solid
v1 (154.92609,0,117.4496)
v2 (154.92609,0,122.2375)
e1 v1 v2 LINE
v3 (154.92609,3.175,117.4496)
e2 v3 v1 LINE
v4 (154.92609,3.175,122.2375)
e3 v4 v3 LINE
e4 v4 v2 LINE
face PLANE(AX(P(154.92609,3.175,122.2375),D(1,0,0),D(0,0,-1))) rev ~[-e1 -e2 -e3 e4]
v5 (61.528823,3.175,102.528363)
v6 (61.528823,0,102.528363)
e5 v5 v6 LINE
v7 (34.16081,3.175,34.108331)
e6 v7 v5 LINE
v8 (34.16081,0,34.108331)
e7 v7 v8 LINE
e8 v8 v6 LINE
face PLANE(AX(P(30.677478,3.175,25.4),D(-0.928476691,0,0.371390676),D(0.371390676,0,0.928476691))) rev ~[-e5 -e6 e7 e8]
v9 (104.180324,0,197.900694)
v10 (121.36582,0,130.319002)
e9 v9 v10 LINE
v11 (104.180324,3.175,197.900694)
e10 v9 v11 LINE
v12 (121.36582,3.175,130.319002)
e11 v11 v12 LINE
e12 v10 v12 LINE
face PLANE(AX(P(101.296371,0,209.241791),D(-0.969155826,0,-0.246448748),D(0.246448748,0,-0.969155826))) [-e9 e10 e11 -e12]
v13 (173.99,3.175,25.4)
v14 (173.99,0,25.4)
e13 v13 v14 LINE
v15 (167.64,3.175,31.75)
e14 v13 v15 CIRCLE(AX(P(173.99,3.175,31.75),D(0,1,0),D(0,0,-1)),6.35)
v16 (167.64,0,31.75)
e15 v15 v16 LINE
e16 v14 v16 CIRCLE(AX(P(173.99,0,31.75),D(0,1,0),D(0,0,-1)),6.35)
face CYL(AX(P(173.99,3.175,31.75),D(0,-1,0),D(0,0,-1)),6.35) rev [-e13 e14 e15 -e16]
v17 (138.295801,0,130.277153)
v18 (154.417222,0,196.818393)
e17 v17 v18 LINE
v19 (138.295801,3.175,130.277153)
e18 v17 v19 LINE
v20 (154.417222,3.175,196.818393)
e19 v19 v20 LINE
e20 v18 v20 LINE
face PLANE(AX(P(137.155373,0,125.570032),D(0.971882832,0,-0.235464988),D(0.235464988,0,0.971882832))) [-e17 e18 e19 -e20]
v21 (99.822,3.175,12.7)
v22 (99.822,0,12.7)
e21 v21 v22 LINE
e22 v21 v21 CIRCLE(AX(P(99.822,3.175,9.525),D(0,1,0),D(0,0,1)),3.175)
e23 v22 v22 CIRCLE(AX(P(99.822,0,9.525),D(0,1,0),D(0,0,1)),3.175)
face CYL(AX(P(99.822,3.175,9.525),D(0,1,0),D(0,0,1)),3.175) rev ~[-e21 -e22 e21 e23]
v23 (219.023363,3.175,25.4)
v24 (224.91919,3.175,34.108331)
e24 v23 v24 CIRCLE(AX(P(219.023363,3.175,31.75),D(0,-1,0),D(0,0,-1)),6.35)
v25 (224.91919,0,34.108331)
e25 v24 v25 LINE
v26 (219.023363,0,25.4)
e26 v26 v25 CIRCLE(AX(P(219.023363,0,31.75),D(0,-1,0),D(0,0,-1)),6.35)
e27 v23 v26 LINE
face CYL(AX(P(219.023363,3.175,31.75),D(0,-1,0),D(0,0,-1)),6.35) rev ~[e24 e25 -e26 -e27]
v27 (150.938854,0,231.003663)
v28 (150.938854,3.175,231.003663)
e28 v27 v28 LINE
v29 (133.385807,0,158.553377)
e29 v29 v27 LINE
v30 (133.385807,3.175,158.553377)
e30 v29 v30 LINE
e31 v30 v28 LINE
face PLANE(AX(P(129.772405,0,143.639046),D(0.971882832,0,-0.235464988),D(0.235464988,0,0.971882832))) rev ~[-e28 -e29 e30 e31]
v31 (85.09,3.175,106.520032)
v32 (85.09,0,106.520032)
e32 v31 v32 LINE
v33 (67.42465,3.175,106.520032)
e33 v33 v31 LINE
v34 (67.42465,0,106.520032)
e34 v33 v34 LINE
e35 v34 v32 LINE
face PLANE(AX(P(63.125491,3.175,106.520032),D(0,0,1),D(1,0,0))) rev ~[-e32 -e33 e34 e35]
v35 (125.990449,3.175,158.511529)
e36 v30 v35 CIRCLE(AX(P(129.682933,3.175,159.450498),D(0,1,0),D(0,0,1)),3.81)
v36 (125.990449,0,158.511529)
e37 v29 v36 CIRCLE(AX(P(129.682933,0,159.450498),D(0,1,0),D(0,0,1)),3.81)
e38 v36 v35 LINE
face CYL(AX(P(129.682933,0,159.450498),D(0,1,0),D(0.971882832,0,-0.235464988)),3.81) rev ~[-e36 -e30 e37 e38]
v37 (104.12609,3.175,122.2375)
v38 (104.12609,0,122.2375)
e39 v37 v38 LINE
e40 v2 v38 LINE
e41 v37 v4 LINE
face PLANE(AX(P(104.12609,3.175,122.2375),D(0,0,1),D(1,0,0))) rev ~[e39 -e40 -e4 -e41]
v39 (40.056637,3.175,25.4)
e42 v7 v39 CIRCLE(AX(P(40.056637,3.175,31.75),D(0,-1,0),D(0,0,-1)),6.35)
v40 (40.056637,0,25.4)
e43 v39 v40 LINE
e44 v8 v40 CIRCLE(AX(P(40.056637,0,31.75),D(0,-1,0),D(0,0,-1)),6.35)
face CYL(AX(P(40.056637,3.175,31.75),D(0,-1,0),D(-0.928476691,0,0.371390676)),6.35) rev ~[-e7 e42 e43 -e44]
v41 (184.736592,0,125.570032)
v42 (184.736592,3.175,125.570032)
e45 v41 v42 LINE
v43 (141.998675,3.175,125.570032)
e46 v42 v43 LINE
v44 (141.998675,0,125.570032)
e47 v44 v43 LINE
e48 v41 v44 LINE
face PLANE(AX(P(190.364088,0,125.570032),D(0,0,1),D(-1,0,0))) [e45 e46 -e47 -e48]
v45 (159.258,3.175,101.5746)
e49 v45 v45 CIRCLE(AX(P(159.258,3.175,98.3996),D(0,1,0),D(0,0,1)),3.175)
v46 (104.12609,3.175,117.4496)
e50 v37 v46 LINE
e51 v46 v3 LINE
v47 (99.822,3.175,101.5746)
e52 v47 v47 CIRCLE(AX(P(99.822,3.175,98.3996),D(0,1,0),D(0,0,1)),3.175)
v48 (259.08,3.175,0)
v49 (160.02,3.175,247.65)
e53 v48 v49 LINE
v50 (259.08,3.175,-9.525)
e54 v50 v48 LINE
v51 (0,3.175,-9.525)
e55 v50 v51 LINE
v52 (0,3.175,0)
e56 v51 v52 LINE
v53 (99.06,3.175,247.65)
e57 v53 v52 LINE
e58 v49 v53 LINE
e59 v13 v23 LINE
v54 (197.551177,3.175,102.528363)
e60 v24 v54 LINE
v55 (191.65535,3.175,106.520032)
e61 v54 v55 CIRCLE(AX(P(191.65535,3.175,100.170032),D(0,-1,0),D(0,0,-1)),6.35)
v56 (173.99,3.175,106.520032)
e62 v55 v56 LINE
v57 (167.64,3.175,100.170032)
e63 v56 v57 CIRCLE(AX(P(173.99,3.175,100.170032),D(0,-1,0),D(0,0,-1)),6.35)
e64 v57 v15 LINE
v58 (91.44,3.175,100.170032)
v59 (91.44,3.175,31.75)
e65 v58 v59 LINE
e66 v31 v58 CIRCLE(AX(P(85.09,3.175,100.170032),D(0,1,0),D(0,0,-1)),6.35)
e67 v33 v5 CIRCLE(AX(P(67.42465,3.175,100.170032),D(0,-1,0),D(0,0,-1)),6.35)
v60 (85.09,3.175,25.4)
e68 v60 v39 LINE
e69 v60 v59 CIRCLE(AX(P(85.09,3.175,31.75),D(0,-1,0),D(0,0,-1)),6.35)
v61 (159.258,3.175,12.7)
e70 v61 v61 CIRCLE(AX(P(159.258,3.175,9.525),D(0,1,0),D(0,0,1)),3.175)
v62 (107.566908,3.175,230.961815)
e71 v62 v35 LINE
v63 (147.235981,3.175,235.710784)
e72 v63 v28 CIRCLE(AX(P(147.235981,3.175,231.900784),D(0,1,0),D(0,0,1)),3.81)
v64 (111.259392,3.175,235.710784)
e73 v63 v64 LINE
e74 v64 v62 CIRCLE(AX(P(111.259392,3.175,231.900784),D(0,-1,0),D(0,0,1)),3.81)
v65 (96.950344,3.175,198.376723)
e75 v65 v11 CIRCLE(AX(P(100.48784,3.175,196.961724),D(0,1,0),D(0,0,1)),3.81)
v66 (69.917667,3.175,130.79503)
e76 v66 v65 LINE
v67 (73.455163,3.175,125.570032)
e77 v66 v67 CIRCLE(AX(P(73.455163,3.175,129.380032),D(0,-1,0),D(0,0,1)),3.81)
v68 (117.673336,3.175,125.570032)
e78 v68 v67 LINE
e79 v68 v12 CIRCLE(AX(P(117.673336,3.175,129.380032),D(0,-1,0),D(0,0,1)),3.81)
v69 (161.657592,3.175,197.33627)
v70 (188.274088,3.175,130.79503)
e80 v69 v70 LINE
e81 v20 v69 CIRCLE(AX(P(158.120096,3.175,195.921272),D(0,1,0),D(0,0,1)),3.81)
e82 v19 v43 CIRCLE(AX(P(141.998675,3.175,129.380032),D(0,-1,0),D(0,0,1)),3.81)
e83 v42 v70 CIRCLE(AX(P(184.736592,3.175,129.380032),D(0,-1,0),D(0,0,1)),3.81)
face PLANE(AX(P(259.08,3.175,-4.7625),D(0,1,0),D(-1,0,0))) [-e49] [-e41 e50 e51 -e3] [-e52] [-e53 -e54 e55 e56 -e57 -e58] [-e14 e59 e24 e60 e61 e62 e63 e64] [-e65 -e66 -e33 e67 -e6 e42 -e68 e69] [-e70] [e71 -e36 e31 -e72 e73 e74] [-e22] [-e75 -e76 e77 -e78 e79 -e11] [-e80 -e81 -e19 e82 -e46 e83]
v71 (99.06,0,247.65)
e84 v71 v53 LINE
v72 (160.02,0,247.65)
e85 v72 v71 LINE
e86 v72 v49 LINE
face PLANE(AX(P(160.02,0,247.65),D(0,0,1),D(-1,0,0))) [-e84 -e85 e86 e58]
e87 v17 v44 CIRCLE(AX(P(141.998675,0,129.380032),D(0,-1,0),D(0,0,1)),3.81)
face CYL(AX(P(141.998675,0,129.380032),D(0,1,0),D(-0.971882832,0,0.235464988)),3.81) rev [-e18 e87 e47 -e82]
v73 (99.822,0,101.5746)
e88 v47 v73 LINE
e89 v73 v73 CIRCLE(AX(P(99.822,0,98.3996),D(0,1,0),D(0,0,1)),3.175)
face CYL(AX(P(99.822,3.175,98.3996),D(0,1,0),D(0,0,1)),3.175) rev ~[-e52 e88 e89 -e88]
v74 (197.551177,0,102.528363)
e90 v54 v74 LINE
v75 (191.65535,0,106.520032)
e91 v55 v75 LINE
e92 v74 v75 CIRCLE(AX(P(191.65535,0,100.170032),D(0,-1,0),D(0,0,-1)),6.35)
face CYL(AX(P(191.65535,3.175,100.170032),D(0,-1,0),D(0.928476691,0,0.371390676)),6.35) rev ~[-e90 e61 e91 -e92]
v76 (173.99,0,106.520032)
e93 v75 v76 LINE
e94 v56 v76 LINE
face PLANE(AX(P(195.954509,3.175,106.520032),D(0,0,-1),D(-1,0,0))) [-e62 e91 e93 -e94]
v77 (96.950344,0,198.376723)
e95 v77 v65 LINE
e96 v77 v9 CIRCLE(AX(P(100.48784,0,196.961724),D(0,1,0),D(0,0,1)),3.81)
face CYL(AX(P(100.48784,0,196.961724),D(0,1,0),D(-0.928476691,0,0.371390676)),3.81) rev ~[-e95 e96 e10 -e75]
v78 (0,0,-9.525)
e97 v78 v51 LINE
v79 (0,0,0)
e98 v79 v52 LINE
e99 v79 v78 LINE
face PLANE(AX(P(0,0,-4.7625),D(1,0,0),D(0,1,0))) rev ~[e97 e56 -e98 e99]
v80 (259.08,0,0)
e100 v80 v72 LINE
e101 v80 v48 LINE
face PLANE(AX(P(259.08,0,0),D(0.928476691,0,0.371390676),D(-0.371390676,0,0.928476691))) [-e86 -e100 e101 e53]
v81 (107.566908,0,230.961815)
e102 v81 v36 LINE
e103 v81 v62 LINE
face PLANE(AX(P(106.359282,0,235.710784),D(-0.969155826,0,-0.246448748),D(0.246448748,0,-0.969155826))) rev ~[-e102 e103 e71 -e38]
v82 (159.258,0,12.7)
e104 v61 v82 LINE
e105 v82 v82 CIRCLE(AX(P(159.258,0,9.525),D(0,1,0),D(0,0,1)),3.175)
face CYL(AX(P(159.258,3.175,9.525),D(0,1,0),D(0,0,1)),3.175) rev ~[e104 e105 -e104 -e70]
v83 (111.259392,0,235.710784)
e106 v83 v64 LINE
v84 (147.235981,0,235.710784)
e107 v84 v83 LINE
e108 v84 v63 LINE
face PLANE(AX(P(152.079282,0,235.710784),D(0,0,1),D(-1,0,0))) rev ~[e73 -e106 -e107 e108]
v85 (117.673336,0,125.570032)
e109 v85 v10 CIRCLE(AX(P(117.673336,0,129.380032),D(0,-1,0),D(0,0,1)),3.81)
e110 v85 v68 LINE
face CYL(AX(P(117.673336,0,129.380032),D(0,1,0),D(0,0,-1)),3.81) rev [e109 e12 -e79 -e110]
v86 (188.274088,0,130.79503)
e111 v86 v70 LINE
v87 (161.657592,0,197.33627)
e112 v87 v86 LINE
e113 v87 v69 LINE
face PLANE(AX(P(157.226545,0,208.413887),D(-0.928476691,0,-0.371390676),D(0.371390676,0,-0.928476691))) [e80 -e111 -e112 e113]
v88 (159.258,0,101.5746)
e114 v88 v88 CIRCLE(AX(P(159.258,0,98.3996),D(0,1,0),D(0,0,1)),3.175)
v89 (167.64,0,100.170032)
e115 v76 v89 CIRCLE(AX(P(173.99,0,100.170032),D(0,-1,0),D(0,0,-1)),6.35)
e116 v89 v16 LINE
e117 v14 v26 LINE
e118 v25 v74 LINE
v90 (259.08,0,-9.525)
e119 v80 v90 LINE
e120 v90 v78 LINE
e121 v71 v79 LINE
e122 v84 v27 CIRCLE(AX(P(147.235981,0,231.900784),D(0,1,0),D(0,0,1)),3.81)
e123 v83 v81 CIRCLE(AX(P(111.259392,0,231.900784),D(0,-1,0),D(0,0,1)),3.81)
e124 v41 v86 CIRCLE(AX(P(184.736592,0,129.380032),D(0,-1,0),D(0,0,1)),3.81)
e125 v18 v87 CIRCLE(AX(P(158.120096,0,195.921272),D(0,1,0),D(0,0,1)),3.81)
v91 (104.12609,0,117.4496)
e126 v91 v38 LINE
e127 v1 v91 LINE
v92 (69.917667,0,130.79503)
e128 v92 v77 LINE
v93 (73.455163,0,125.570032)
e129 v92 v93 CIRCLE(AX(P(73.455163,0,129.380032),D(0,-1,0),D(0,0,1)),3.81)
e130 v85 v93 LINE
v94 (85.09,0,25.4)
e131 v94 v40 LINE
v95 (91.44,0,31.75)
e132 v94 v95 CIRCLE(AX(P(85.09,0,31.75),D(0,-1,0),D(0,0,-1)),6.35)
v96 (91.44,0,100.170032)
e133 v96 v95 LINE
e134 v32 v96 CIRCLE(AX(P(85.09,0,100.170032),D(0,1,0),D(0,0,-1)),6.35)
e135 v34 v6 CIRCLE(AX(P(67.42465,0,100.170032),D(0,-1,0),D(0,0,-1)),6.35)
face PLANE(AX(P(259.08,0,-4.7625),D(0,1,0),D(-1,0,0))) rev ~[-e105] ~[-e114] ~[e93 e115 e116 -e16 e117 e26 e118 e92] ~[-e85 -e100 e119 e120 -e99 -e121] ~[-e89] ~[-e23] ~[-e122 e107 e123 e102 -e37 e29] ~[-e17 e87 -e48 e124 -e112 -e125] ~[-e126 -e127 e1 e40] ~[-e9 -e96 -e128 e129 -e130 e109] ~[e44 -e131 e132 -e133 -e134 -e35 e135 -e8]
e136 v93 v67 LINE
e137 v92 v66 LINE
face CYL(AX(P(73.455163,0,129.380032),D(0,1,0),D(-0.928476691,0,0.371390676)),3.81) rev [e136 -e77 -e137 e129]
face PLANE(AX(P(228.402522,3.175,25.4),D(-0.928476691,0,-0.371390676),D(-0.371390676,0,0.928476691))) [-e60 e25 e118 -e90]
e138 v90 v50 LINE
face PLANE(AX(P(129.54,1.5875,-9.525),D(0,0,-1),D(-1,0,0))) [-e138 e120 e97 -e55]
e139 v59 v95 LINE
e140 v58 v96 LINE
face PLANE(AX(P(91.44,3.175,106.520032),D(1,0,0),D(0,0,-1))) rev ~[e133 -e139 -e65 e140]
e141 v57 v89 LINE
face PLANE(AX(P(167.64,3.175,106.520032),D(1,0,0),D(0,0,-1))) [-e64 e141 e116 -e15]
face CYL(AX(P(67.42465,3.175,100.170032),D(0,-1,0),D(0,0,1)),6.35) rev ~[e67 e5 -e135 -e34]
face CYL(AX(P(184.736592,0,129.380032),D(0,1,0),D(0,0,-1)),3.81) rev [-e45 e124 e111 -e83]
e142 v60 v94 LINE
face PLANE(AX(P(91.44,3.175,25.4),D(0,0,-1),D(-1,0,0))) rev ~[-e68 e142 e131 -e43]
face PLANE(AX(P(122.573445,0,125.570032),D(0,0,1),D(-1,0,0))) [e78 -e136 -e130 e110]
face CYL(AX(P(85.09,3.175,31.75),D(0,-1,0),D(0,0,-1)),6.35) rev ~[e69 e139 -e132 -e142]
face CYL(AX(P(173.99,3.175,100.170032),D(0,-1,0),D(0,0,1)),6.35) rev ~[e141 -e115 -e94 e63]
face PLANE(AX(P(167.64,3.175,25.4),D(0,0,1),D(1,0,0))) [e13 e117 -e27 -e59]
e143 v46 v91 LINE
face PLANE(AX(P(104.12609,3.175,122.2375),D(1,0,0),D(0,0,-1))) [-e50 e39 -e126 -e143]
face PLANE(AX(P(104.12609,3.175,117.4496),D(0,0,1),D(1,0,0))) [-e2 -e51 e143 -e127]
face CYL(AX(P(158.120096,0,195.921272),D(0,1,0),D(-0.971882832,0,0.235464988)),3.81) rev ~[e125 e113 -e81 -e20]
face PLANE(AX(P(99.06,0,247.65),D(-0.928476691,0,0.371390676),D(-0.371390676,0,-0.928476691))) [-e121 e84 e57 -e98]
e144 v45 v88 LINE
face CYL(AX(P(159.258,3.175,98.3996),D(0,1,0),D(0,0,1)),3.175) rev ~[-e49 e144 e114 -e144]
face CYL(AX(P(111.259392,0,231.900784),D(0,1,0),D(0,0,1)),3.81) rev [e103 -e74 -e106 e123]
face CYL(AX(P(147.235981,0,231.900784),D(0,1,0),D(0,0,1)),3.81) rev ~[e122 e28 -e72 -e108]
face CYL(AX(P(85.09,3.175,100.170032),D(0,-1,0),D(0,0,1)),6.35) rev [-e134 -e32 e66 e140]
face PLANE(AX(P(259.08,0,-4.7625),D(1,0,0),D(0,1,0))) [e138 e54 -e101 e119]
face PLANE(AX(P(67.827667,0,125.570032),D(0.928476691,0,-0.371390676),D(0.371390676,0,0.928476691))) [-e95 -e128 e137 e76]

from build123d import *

# Parameters (mm, degrees)
BOSS_EXTRUDE1_DEPTH = 3.175
FILLET1_R           = 3.81
CUT_EXTRUDE1_DEPTH  = 3.175
FILLET2_R           = 6.35
SKETCH5_W           = 259.08
SKETCH5_H           = 3.175
BOSS_EXTRUDE2_DEPTH = 4.7625
CUT_EXTRUDE2_REACH  = 360.417
SKETCH6_W           = 50.8
SKETCH6_H           = 4.7879
SKETCH9_W           = 259.08
SKETCH9_H           = 3.175
BOSS_EXTRUDE3_DEPTH = 4.7625
SKETCH10_R          = 3.175
CUT_EXTRUDE4_DEPTH  = 359.417423579


with BuildPart() as part:
    # Sketch2 → Boss-Extrude1 (new body)
    with BuildSketch(Plane(origin=(0, 0, 0), x_dir=(1, 0, 0), z_dir=(0, 1, 0))):
        Polygon((0, 0), (259.08, 0), (160.02, -247.65), (99.06, -247.65), align=None)
        Polygon((152.079282437, -235.710784307), (106.359282437, -235.710784307), (129.772405457, -143.63904611), align=None, mode=Mode.SUBTRACT)
        Polygon((101.296371264, -209.241791453), (122.57344543, -125.570031796), (67.827667402, -125.570031796), align=None, mode=Mode.SUBTRACT)
        Polygon((157.226545347, -208.413887274), (190.364087539, -125.570031796), (137.155373359, -125.570031796), align=None, mode=Mode.SUBTRACT)
    extrude(amount=BOSS_EXTRUDE1_DEPTH)

    # Fillet1
    fillet1_edges = [part.edges().sort_by_distance(p)[0] for p in [
        (152.079282437, 1.5875, 235.710784307),
        (129.772405457, 1.5875, 143.63904611),
        (106.359282437, 1.5875, 235.710784307),
        (67.827667402, 1.5875, 125.570031796),
        (101.296371264, 1.5875, 209.241791453),
        (122.57344543, 1.5875, 125.570031796),
        (137.155373359, 1.5875, 125.570031796),
        (157.226545347, 1.5875, 208.413887274),
        (190.364087539, 1.5875, 125.570031796),
    ]]
    fillet(fillet1_edges, radius=FILLET1_R)

    # Sketch3 → Cut-Extrude1 (cut)
    with BuildSketch(Plane(origin=(0, 3.175, 0), x_dir=(1, 0, 0), z_dir=(0, 1, 0))):
        Polygon((167.64, -25.4), (228.402522085, -25.4), (195.954509366, -106.520031796), (167.64, -106.520031796), align=None)
        Polygon((91.44, -106.520031796), (91.44, -25.4), (30.677477915, -25.4), (63.125490634, -106.520031796), align=None)
    extrude(amount=-CUT_EXTRUDE1_DEPTH, mode=Mode.SUBTRACT)

    # Fillet2
    fillet2_edges = [part.edges().sort_by_distance(p)[0] for p in [
        (195.954509366, 1.5875, 106.520031796),
        (228.402522085, 1.5875, 25.4),
        (167.64, 1.5875, 25.4),
        (167.64, 1.5875, 106.520031796),
        (91.44, 1.5875, 25.4),
        (30.677477915, 1.5875, 25.4),
        (63.125490634, 1.5875, 106.520031796),
        (91.44, 1.5875, 106.520031796),
    ]]
    fillet(fillet2_edges, radius=FILLET2_R)

    # Sketch5 → Boss-Extrude2 (add)
    with BuildSketch(Plane(origin=(0, 0, 0), x_dir=(-1, 0, 0), z_dir=(0, 0, -1))):
        with Locations((-129.54, 1.5875)):
            Rectangle(SKETCH5_W, SKETCH5_H)
    extrude(amount=BOSS_EXTRUDE2_DEPTH)

    # Sketch6 → Cut-Extrude2 (cut, up to next)
    with BuildSketch(Plane(origin=(0, 3.175, 0), x_dir=(1, 0, 0), z_dir=(0, 1, 0)), mode=Mode.PRIVATE) as cut_extrude2_sk1:
        with Locations((129.526089834, -119.84355)):
            Rectangle(SKETCH6_W, SKETCH6_H)
    cut_extrude2_tool1 = extrude(cut_extrude2_sk1.sketch, amount=-CUT_EXTRUDE2_REACH, mode=Mode.PRIVATE) & part.part
    add(cut_extrude2_tool1.solids().sort_by_distance((129.52609, 3.175, 119.84355))[0], mode=Mode.SUBTRACT)

    # Sketch9 → Boss-Extrude3 (add)
    with BuildSketch(Plane(origin=(0, 0, -4.7625), x_dir=(-1, 0, 0), z_dir=(0, 0, -1))):
        with Locations((-129.54, 1.5875)):
            Rectangle(SKETCH9_W, SKETCH9_H)
    extrude(amount=BOSS_EXTRUDE3_DEPTH)

    # Sketch10 → Cut-Extrude4 (cut, through all)
    with BuildSketch(Plane(origin=(0, 3.175, 0), x_dir=(1, 0, 0), z_dir=(0, 1, 0))):
        with Locations(Location((99.822, -98.3996, 0), (0, 0, 270))):
            Circle(SKETCH10_R)
        with Locations(Location((159.258, -98.3996, 0), (0, 0, 270))):
            Circle(SKETCH10_R)
        with Locations(Location((99.822, -9.525, 0), (0, 0, 270))):
            Circle(SKETCH10_R)
        with Locations(Location((159.258, -9.525, 0), (0, 0, 270))):
            Circle(SKETCH10_R)
    extrude(amount=-CUT_EXTRUDE4_DEPTH, mode=Mode.SUBTRACT)


solid = part.part
